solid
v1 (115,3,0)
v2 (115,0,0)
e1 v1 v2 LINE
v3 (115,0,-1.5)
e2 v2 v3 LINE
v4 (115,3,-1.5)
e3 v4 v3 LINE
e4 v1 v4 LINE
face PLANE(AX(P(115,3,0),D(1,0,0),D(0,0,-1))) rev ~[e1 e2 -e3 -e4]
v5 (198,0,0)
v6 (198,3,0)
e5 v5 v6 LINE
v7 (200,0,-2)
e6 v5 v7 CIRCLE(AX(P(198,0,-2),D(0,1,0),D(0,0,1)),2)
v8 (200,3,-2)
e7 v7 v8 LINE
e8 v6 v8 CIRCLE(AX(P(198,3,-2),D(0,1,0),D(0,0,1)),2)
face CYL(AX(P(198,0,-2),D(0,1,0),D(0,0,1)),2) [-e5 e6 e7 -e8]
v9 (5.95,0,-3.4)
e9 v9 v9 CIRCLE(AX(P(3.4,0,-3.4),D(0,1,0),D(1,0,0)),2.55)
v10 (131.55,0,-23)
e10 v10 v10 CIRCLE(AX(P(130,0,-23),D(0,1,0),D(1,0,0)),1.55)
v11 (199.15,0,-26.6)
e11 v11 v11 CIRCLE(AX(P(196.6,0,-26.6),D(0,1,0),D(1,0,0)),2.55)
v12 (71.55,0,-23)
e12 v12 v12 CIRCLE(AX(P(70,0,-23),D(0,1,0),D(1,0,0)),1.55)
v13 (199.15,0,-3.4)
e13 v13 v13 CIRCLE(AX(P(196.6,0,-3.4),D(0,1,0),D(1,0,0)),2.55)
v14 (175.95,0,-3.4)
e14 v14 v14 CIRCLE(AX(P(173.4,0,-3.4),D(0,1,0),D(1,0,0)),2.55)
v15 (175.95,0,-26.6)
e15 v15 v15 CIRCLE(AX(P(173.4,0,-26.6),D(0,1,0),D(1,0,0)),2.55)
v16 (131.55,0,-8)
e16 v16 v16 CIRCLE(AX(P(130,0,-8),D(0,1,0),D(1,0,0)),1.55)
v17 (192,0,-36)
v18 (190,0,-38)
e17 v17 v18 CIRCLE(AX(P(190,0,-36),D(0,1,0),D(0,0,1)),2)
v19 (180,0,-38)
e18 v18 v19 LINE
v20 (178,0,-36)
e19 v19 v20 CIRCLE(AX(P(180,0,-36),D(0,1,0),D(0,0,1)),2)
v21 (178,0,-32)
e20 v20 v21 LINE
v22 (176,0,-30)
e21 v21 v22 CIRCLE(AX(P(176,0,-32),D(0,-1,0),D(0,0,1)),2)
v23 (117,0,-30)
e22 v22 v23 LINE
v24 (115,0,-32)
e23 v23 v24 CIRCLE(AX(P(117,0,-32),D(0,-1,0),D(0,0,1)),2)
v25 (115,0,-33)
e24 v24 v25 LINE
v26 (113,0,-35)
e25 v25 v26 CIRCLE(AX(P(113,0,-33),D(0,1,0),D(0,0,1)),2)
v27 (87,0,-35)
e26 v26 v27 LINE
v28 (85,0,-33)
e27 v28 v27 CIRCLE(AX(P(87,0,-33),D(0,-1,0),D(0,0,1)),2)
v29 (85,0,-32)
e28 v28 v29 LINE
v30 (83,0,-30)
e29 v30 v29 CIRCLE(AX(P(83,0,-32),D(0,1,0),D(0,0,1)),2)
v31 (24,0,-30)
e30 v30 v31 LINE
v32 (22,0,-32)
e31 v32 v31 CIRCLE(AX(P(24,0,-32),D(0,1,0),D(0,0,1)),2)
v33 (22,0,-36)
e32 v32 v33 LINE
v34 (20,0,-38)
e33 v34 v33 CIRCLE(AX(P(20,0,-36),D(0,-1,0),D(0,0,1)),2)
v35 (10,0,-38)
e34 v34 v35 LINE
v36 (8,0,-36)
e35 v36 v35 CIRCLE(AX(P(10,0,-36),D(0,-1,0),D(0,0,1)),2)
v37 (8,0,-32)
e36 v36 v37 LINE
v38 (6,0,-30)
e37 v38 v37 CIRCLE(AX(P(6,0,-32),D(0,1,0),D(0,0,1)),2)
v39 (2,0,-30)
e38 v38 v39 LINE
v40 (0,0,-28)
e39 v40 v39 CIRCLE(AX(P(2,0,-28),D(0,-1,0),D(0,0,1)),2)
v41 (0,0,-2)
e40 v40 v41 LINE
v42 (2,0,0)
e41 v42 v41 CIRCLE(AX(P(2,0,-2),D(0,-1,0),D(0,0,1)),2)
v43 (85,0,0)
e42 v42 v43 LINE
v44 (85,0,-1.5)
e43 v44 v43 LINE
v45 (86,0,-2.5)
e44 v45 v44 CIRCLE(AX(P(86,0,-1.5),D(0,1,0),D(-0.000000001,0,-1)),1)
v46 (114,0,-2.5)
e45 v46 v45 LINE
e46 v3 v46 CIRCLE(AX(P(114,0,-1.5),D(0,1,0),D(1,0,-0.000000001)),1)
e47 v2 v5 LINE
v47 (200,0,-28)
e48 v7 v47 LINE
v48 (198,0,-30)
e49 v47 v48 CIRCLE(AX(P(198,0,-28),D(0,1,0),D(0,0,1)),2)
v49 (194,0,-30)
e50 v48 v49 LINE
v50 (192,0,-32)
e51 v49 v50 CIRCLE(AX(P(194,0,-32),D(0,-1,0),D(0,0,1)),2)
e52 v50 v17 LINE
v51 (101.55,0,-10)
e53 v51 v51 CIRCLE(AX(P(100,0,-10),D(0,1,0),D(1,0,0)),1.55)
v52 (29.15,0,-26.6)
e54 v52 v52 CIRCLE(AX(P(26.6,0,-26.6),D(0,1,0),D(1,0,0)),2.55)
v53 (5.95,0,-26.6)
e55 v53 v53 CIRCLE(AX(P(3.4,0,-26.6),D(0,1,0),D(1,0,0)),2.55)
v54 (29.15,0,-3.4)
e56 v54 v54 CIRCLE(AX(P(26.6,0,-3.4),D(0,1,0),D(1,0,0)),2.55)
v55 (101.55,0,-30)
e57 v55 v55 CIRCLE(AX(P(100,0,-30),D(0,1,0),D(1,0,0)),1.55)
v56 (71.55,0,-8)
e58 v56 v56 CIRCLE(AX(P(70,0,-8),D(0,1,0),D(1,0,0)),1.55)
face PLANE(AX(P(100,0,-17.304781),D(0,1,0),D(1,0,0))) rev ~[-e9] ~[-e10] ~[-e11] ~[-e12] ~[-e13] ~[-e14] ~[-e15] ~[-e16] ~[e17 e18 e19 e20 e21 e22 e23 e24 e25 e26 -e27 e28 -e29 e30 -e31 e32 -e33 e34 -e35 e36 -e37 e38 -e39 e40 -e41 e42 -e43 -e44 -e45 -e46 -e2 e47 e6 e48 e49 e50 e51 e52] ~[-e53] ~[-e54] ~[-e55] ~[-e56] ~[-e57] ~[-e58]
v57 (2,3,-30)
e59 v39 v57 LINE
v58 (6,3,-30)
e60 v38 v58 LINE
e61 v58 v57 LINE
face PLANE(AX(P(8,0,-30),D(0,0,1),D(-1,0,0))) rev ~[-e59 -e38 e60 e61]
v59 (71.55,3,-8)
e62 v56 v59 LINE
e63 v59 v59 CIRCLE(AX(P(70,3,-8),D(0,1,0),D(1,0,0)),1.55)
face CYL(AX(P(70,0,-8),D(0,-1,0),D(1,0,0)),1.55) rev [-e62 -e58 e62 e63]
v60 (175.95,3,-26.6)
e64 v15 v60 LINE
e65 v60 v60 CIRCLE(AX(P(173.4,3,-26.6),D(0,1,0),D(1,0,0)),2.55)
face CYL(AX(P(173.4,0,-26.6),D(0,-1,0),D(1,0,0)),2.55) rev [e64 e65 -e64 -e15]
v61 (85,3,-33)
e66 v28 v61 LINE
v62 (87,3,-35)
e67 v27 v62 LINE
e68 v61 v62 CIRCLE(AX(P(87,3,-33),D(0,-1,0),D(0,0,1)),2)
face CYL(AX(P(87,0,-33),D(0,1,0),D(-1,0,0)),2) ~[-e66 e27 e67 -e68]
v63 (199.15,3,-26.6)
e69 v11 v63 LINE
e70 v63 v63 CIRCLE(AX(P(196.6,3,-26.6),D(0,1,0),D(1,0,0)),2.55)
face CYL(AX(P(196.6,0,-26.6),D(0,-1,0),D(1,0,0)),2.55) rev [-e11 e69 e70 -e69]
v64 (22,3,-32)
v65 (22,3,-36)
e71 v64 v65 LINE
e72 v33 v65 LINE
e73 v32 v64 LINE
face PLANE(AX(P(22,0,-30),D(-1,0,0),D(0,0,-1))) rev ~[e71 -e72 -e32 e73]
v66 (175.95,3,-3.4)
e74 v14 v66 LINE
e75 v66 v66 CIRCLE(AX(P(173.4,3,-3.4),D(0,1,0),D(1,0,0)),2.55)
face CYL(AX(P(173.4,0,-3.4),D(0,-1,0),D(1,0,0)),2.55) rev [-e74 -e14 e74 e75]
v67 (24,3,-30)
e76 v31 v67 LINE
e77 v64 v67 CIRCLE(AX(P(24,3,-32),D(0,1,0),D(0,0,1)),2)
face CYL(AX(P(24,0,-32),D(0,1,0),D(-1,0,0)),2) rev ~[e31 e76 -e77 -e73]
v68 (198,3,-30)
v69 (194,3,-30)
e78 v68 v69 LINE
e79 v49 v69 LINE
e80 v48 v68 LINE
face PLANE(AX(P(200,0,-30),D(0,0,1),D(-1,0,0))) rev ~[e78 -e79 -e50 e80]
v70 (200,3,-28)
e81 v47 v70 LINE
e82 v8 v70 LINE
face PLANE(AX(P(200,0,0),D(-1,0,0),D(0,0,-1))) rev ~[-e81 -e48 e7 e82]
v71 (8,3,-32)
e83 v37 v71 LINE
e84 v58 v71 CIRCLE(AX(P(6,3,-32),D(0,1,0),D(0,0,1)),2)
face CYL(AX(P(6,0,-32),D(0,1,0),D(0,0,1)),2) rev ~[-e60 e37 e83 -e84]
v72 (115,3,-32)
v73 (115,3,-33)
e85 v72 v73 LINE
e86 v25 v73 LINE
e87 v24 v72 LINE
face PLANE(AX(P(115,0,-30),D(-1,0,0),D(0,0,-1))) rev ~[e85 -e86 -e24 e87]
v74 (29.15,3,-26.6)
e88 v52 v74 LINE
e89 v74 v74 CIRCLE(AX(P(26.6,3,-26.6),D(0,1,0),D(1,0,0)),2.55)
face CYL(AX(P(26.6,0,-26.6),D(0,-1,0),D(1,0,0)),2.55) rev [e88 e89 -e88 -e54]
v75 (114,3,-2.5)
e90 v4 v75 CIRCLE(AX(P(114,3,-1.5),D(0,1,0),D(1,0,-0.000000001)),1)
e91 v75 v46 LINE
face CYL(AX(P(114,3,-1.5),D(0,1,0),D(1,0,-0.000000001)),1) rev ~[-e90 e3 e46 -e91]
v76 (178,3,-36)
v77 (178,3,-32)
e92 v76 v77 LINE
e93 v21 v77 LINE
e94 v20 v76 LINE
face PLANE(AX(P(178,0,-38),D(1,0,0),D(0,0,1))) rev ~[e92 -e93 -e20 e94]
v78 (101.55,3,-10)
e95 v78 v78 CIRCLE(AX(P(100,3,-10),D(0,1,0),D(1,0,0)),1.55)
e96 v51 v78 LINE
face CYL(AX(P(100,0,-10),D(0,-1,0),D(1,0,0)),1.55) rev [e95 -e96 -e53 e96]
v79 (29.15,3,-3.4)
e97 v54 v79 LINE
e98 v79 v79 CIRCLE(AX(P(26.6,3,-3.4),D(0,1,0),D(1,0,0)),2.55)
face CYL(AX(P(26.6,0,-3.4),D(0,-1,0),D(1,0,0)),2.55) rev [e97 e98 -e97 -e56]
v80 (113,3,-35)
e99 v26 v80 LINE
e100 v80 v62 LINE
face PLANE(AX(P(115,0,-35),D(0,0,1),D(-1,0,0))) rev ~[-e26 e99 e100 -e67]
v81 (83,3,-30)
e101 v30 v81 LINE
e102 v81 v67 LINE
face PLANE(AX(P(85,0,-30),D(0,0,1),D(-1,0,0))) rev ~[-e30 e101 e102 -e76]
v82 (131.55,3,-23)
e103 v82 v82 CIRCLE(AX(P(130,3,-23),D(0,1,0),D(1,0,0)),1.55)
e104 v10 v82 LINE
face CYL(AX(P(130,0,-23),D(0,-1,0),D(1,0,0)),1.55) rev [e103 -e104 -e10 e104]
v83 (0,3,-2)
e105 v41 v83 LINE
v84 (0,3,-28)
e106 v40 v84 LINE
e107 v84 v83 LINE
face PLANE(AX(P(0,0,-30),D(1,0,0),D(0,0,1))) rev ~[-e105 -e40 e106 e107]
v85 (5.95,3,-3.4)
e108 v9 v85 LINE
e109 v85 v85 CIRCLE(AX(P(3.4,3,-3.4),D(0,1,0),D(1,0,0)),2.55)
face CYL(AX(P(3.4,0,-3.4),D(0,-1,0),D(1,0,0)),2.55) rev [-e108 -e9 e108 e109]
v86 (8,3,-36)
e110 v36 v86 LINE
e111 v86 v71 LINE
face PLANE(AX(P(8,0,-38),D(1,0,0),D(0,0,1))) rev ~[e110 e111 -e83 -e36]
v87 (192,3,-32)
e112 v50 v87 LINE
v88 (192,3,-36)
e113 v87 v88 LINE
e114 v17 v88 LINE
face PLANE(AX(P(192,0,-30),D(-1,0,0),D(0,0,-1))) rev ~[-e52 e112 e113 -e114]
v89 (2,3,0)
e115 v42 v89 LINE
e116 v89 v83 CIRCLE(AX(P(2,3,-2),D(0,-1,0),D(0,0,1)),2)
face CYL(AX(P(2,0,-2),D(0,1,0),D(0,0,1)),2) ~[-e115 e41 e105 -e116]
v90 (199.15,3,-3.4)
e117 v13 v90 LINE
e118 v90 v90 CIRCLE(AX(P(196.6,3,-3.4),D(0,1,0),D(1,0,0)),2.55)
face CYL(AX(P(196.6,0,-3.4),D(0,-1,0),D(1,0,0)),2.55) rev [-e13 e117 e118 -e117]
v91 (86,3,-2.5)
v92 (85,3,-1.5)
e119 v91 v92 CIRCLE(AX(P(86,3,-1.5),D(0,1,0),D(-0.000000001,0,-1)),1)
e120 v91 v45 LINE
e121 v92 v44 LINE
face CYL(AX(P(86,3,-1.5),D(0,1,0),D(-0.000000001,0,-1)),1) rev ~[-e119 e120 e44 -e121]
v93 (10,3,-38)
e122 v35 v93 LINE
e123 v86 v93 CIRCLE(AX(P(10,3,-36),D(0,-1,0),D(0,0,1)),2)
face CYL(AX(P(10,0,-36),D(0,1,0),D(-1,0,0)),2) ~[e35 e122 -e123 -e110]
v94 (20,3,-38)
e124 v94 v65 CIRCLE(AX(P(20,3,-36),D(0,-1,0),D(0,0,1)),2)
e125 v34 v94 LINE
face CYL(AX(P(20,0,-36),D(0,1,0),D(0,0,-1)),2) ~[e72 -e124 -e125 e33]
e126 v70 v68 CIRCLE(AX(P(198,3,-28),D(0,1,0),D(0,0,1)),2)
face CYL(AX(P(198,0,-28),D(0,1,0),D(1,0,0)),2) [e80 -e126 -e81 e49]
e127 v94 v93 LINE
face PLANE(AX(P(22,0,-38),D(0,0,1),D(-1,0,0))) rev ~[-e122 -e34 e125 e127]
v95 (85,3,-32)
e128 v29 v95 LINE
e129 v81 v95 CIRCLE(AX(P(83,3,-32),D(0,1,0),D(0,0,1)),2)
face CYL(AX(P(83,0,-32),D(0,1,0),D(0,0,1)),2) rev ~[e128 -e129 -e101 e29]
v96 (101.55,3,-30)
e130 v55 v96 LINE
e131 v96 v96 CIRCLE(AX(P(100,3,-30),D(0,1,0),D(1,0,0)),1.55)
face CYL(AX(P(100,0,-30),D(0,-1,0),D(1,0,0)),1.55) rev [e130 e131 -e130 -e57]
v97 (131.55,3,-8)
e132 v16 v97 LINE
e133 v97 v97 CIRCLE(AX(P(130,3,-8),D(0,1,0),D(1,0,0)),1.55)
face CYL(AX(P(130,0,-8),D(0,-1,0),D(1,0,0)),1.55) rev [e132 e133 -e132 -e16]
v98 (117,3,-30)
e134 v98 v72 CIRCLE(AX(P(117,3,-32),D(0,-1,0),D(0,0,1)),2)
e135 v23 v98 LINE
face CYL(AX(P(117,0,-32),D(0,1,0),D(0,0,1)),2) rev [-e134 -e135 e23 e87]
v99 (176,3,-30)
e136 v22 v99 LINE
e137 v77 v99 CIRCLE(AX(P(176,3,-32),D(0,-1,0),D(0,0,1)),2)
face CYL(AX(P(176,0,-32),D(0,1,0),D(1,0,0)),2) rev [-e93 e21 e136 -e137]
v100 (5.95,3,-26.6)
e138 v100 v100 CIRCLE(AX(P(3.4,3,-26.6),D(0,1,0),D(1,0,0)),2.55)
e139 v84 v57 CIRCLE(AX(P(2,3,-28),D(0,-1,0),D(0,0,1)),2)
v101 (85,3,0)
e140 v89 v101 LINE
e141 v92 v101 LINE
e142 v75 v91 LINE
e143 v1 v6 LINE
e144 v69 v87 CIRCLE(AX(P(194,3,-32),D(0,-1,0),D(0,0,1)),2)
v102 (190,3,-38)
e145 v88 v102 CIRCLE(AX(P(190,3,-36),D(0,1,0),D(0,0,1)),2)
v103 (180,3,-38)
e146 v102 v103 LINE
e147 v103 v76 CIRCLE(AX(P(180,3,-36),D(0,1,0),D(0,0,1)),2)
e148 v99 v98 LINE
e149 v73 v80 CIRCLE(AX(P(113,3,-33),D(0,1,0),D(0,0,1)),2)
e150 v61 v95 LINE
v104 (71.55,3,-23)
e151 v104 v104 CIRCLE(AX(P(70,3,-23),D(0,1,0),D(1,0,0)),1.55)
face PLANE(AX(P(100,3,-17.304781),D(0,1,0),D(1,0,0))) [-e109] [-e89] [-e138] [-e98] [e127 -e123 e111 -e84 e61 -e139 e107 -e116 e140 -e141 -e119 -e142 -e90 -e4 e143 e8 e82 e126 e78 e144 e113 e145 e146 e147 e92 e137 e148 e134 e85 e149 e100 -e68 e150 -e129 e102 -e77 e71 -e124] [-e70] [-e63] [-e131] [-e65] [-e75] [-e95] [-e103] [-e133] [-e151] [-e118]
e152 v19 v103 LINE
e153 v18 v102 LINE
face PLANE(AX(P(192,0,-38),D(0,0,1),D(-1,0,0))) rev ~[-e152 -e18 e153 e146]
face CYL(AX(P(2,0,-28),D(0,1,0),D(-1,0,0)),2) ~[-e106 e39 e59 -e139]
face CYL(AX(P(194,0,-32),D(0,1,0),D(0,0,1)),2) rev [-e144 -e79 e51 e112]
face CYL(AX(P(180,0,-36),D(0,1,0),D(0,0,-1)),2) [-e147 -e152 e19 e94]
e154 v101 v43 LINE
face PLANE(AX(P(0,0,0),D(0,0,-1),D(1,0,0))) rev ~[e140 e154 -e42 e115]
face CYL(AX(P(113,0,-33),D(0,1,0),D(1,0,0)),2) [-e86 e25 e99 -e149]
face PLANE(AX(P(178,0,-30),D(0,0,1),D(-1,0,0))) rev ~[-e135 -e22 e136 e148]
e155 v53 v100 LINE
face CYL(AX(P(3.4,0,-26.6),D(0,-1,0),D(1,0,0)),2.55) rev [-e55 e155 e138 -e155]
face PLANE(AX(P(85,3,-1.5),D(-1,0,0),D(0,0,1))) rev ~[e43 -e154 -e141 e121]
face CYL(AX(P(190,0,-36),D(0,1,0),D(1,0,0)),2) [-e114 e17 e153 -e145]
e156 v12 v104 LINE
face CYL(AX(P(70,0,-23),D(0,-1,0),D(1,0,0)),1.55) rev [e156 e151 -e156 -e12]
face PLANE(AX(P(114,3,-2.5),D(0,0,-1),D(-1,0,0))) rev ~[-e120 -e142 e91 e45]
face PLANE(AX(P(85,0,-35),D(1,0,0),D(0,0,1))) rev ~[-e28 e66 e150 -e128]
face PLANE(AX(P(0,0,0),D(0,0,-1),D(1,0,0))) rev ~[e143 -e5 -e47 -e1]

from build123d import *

# Parameters (mm, degrees)
CROQUIS1_R              = 2.55
CROQUIS1_R_2            = 1.55
SALIENTE_EXTRUIR1_DEPTH = 3
REDONDEO2_R             = 2
CORTAR_EXTRUIR1_DEPTH   = 3


with BuildPart() as part:
    # Croquis1 → Saliente-Extruir1 (new body)
    with BuildSketch(Plane(origin=(0, 0, 0), x_dir=(1, 0, 0), z_dir=(0, 1, 0))):
        Polygon((0, 0), (200, 0), (200, 30), (192, 30), (192, 38), (178, 38), (178, 30), (115, 30), (115, 35), (85, 35), (85, 30), (22, 30), (22, 38), (8, 38), (8, 30), (0, 30), align=None)
        with Locations((3.4, 26.6)):
            Circle(CROQUIS1_R, mode=Mode.SUBTRACT)
        with Locations((26.6, 26.6)):
            Circle(CROQUIS1_R, mode=Mode.SUBTRACT)
        with Locations((26.6, 3.4)):
            Circle(CROQUIS1_R, mode=Mode.SUBTRACT)
        with Locations((3.4, 3.4)):
            Circle(CROQUIS1_R, mode=Mode.SUBTRACT)
        with Locations((173.4, 3.4)):
            Circle(CROQUIS1_R, mode=Mode.SUBTRACT)
        with Locations((196.6, 3.4)):
            Circle(CROQUIS1_R, mode=Mode.SUBTRACT)
        with Locations((196.6, 26.6)):
            Circle(CROQUIS1_R, mode=Mode.SUBTRACT)
        with Locations((173.4, 26.6)):
            Circle(CROQUIS1_R, mode=Mode.SUBTRACT)
        with Locations((100, 30)):
            Circle(CROQUIS1_R_2, mode=Mode.SUBTRACT)
        with Locations((100, 10)):
            Circle(CROQUIS1_R_2, mode=Mode.SUBTRACT)
        with Locations((70, 23)):
            Circle(CROQUIS1_R_2, mode=Mode.SUBTRACT)
        with Locations((70, 8)):
            Circle(CROQUIS1_R_2, mode=Mode.SUBTRACT)
        with Locations((130, 8)):
            Circle(CROQUIS1_R_2, mode=Mode.SUBTRACT)
        with Locations((130, 23)):
            Circle(CROQUIS1_R_2, mode=Mode.SUBTRACT)
    extrude(amount=SALIENTE_EXTRUIR1_DEPTH)

    # Redondeo2
    redondeo2_edges = [part.edges().sort_by_distance(p)[0] for p in [
        (0, 1.5, -30),
        (8, 1.5, -30),
        (8, 1.5, -38),
        (22, 1.5, -38),
        (22, 1.5, -30),
        (85, 1.5, -30),
        (85, 1.5, -35),
        (115, 1.5, -35),
        (115, 1.5, -30),
        (178, 1.5, -30),
        (178, 1.5, -38),
        (192, 1.5, -38),
        (192, 1.5, -30),
        (200, 1.5, -30),
        (200, 1.5, 0),
        (0, 1.5, 0),
    ]]
    fillet(redondeo2_edges, radius=REDONDEO2_R)

    # Croquis2 → Cortar-Extruir1 (cut)
    with BuildSketch(Plane(origin=(0, 3, 0), x_dir=(1, 0, 0), z_dir=(0, 1, 0))):
        with BuildLine():
            Line((85, 0), (115, 0))
            Line((115, 0), (115, 1.5))
            ThreePointArc((115, 1.5), (114.707106781, 2.207106781), (114, 2.5))
            Line((114, 2.5), (86, 2.5))
            ThreePointArc((86, 2.5), (85.292893219, 2.207106781), (85, 1.5))
            Line((85, 1.5), (85, 0))
        make_face()
    extrude(amount=-CORTAR_EXTRUIR1_DEPTH, mode=Mode.SUBTRACT)


solid = part.part
